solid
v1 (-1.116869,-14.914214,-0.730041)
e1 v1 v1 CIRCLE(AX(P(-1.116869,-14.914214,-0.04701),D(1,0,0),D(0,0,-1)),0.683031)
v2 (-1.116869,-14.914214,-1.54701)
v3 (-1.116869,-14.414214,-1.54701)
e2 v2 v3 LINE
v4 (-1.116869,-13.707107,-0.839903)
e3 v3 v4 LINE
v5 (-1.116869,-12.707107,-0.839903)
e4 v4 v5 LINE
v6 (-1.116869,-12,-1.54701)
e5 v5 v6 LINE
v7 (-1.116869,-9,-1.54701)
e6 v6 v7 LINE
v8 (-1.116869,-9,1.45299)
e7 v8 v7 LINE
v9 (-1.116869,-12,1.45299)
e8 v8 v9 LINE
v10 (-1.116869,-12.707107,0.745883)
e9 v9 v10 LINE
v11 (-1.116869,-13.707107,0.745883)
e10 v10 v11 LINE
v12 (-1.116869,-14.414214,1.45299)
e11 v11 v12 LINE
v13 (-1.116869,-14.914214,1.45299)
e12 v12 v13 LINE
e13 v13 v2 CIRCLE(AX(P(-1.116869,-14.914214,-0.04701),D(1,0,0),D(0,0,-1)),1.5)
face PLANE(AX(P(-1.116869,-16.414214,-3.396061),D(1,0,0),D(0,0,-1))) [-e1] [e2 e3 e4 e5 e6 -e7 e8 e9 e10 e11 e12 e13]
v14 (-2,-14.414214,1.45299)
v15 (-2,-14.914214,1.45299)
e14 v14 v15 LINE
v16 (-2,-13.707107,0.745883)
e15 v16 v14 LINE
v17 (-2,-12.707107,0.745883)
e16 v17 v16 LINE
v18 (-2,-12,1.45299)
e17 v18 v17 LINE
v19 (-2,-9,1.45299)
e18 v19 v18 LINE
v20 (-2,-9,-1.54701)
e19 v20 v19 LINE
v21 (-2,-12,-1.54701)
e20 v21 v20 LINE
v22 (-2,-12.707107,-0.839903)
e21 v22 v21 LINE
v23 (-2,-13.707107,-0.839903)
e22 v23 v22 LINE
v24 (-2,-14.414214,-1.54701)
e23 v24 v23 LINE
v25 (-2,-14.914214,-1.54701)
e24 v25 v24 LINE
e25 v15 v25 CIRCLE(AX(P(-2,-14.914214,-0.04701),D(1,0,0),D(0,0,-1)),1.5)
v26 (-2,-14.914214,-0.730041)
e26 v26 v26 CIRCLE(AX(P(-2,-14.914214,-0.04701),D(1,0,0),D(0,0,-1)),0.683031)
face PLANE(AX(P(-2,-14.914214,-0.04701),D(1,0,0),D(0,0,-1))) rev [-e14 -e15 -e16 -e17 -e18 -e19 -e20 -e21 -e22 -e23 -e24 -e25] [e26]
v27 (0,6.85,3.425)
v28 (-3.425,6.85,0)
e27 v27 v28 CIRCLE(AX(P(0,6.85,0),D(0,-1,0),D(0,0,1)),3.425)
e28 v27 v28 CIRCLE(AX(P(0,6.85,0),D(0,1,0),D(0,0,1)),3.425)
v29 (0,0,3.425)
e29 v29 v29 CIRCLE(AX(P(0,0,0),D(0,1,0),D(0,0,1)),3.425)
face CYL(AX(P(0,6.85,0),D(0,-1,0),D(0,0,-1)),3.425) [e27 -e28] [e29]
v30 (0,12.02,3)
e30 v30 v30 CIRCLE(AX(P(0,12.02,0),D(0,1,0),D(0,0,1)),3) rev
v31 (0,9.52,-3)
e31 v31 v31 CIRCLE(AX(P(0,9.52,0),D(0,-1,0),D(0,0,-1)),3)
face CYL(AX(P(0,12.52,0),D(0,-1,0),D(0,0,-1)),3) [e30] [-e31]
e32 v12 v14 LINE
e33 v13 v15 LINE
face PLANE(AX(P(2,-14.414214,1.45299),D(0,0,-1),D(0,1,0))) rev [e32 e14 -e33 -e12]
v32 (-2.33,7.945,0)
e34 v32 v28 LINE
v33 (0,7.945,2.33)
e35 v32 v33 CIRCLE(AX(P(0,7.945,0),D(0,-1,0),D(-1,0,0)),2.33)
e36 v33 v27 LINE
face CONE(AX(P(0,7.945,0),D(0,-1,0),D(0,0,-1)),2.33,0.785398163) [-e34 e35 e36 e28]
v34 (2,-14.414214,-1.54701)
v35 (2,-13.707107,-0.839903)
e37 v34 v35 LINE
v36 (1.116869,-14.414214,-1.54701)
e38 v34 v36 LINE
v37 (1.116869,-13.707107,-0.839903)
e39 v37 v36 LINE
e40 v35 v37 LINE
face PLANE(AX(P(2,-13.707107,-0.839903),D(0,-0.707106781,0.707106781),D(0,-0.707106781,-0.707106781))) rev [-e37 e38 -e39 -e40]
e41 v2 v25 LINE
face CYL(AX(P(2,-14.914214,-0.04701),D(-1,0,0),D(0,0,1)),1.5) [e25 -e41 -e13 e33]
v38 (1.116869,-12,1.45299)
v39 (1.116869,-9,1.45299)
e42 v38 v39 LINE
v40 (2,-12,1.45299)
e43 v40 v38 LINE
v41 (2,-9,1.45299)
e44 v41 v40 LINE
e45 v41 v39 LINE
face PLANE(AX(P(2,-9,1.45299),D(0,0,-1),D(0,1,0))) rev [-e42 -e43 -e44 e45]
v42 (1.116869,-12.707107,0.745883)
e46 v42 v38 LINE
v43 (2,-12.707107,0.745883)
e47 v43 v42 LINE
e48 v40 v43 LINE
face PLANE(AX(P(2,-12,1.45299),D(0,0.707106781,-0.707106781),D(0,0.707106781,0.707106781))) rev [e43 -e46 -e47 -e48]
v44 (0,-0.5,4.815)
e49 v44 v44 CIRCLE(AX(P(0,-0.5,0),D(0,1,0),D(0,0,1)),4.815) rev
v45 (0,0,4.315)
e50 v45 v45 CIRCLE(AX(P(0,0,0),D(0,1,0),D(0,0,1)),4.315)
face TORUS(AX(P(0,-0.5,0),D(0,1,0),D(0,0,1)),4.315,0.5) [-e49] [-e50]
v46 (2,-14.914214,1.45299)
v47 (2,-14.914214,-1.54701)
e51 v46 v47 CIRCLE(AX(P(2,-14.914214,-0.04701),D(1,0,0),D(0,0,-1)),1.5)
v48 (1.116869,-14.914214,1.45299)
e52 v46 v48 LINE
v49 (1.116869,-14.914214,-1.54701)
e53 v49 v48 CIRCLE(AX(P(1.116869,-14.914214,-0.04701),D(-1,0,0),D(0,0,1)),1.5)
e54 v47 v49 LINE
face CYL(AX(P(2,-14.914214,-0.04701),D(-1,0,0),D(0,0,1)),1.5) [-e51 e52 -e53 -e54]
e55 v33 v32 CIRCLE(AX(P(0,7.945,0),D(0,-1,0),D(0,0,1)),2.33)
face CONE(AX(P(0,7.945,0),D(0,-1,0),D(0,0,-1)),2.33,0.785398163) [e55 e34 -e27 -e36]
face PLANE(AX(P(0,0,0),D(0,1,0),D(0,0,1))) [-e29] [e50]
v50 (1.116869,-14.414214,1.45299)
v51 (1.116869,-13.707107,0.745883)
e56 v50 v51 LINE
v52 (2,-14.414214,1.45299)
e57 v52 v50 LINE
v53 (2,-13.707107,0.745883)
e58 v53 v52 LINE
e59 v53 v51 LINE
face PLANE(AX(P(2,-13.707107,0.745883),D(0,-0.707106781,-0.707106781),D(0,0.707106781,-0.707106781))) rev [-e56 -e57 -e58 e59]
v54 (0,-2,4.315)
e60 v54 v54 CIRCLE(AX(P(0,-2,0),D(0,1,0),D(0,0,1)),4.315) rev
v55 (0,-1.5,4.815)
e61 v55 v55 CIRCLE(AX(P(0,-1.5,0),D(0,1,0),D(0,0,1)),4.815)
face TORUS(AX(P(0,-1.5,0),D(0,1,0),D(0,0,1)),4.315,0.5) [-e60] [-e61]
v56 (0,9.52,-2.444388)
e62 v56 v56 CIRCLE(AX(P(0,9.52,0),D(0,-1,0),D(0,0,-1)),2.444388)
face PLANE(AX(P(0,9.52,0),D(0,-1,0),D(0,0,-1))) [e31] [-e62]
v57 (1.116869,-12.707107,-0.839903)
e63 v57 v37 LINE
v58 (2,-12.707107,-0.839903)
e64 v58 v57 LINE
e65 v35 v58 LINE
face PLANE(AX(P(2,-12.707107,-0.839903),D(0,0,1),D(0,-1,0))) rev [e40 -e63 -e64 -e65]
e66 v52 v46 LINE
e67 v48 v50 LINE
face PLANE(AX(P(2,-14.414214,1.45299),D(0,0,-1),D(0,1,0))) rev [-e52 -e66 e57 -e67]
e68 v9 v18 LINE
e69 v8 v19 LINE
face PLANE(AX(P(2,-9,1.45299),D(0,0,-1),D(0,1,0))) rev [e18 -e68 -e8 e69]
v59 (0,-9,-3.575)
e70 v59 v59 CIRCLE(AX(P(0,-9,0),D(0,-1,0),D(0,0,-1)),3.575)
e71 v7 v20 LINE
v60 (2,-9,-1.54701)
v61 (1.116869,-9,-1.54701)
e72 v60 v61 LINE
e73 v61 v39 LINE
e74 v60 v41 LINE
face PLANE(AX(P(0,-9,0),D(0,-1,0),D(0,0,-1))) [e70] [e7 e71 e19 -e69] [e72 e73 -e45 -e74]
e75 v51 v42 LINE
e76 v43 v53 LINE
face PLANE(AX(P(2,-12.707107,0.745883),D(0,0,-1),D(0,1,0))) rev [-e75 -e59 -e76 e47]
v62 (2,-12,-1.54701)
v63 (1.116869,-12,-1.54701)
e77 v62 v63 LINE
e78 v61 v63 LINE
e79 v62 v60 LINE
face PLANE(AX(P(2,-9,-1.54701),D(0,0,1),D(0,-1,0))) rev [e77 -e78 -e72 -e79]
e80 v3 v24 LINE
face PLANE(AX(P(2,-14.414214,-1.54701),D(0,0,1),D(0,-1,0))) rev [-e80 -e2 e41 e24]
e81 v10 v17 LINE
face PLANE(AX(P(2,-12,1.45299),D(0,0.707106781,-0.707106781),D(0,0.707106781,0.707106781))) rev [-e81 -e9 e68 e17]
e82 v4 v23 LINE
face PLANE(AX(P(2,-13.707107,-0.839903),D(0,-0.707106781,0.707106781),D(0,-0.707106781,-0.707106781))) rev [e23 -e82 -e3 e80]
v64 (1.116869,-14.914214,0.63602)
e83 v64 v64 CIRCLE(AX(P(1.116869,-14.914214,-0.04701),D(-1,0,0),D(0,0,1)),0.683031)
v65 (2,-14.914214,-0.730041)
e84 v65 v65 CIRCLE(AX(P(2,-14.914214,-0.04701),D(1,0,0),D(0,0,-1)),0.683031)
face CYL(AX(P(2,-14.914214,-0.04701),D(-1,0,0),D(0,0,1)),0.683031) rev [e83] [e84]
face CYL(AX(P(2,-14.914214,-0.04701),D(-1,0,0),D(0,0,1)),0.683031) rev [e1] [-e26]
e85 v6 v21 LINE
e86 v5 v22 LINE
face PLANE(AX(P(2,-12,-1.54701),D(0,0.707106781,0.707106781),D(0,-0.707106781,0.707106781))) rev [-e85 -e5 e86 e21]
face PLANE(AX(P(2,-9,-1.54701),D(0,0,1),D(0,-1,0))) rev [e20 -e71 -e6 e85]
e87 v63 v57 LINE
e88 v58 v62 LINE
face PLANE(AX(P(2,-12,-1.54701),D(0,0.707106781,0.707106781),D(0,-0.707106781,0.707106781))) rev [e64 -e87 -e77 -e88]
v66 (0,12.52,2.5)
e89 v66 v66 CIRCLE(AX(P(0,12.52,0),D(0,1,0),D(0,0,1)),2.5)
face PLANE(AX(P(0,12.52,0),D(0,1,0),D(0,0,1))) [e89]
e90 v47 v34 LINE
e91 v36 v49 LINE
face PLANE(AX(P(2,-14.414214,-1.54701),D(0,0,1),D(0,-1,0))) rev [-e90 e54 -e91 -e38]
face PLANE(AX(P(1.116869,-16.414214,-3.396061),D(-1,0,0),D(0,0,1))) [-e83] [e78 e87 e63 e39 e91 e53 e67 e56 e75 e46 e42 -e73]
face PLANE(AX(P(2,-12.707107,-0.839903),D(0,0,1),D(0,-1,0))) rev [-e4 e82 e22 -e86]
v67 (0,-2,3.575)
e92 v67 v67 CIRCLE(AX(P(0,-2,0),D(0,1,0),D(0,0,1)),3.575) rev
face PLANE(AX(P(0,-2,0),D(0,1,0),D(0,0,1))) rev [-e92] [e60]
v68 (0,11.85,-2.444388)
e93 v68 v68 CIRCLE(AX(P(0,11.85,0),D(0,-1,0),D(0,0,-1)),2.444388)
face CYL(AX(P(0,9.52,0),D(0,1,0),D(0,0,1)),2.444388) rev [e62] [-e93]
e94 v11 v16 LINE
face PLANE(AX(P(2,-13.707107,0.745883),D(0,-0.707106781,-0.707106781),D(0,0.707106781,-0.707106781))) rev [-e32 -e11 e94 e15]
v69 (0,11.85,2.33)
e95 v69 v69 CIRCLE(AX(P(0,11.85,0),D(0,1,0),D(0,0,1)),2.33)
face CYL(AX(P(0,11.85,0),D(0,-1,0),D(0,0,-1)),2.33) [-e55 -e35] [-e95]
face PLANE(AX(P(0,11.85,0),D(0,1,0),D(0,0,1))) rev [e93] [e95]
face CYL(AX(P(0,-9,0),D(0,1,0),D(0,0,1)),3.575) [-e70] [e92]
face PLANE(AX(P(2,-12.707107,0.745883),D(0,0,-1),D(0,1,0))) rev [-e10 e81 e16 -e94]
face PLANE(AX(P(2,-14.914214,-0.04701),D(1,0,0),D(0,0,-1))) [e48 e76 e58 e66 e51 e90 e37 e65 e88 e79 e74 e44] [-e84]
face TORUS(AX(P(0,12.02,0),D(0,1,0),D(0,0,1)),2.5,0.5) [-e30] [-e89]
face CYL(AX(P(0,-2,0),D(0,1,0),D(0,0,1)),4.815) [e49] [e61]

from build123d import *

# Parameters (mm, degrees)
SKETCH1_R           = 4.815
BOSS_EXTRUDE1_DEPTH = 2
SKETCH2_R           = 3.575
BOSS_EXTRUDE2_DEPTH = 7
SKETCH3_R           = 3.425
BOSS_EXTRUDE3_DEPTH = 6.85
SKETCH4_R           = 2.33
BOSS_EXTRUDE4_DEPTH = 5
SKETCH6_R           = 3
BOSS_EXTRUDE5_DEPTH = 0.67
BOSS_EXTRUDE6_START = 2.33
SKETCH7_R           = 3
SKETCH7_R_2         = 2.444387837
BOSS_EXTRUDE6_DEPTH = 2.33
SKETCH8_R           = 0.683030706
BOSS_EXTRUDE7_DEPTH = 2
SKETCH9_W           = 2.23373787
SKETCH9_H           = 6.792121548
CUT_EXTRUDE1_DEPTH  = 23.571638177
FILLET2_R           = 0.5
FILLET3_R           = 0.5


with BuildPart() as part:
    # Sketch1 → Boss-Extrude1 (new body)
    with BuildSketch(Plane(origin=(0, 0, 0), x_dir=(1, 0, 0), z_dir=(0, 1, 0))):
        with Locations(Location((0, 0, 0), (0, 0, 270))):
            Circle(SKETCH1_R)
    extrude(amount=-BOSS_EXTRUDE1_DEPTH)

    # Sketch2 → Boss-Extrude2 (add)
    with BuildSketch(Plane.XZ.offset(2)):
        with Locations(Location((0, 0, 0), (0, 0, 90))):
            Circle(SKETCH2_R)
    extrude(amount=BOSS_EXTRUDE2_DEPTH)

    # Sketch3 → Boss-Extrude3 (add)
    with BuildSketch(Plane(origin=(0, 0, 0), x_dir=(1, 0, 0), z_dir=(0, 1, 0))):
        with Locations(Location((0, 0, 0), (0, 0, 90))):
            Circle(SKETCH3_R)
    extrude(amount=BOSS_EXTRUDE3_DEPTH)

    # Sketch4 → Boss-Extrude4 (add)
    with BuildSketch(Plane(origin=(0, 6.85, 0), x_dir=(1, 0, 0), z_dir=(0, 1, 0))):
        with Locations(Location((0, 0, 0), (0, 0, 270))):
            Circle(SKETCH4_R)
    extrude(amount=BOSS_EXTRUDE4_DEPTH)

    # Sweep1: sweep along a curve in space
    with BuildLine() as sweep1_path:
        ThreePointArc((0, 6.85, 2.33), (1.6475588, 6.85, 1.6475588), (2.33, 6.85, 0))
        ThreePointArc((2.33, 6.85, 0), (1.6475588, 6.85, -1.6475588), (0, 6.85, -2.33))
        ThreePointArc((0, 6.85, -2.33), (-1.6475588, 6.85, -1.6475588), (-2.33, 6.85, 0))
        ThreePointArc((-2.33, 6.85, 0), (-1.6475588, 6.85, 1.6475588), (0, 6.85, 2.33))
    # Sketch5 → Sweep1 (sweep)
    with BuildSketch(Plane.XY):
        Polygon((-3.425, 6.85), (-2.33, 7.945), (-2.33, 6.85), align=None)
    sweep(path=sweep1_path.line)

    # Sketch6 → Boss-Extrude5 (add)
    with BuildSketch(Plane(origin=(0, 11.85, 0), x_dir=(1, 0, 0), z_dir=(0, 1, 0))):
        with Locations(Location((0, 0, 0), (0, 0, 270))):
            Circle(SKETCH6_R)
    extrude(amount=BOSS_EXTRUDE5_DEPTH)

    # Sketch7 → Boss-Extrude6 (add)
    with BuildSketch(Plane.XZ.offset(-11.85).offset(BOSS_EXTRUDE6_START)):
        with Locations(Location((0, 0, 0), (0, 0, 270))):
            Circle(SKETCH7_R)
        with Locations(Location((0, 0, 0), (0, 0, 270))):
            Circle(SKETCH7_R_2, mode=Mode.SUBTRACT)
    extrude(amount=-BOSS_EXTRUDE6_DEPTH)

    # Sketch8 → Boss-Extrude7 (add, symmetric)
    with BuildSketch(Plane(origin=(0, 0, 0), x_dir=(0, 0, -1), z_dir=(1, 0, 0))):
        with BuildLine():
            Line((-1.452989765, -9), (1.547010235, -9))
            Line((1.547010235, -9), (1.547010235, -12))
            Line((1.547010235, -12), (0.839903454, -12.707106781))
            Line((0.839903454, -12.707106781), (0.839903454, -13.707106781))
            Line((0.839903454, -13.707106781), (1.547010235, -14.414213562))
            Line((1.547010235, -14.414213562), (1.547010235, -14.914213562))
            ThreePointArc((1.547010235, -14.914213562), (0.047010235, -16.414213562), (-1.452989765, -14.914213562))
            Line((-1.452989765, -14.914213562), (-1.452989765, -14.414213562))
            Line((-1.452989765, -14.414213562), (-0.745882984, -13.707106781))
            Line((-0.745882984, -13.707106781), (-0.745882984, -12.707106781))
            Line((-0.745882984, -12.707106781), (-1.452989765, -12))
            Line((-1.452989765, -12), (-1.452989765, -9))
        make_face()
        with Locations((0.047010235, -14.914213562)):
            Circle(SKETCH8_R, mode=Mode.SUBTRACT)
    extrude(amount=BOSS_EXTRUDE7_DEPTH, both=True)

    # Sketch9 → Cut-Extrude1 (cut, through all)
    with BuildSketch(Plane.XZ.offset(9)):
        Rectangle(SKETCH9_W, SKETCH9_H)
    extrude(amount=CUT_EXTRUDE1_DEPTH, mode=Mode.SUBTRACT)

    # Fillet2
    fillet2_edges = [part.edges().sort_by_distance(p)[0] for p in [
        (0, 0, -4.815),
        (0, -2, -4.815),
    ]]
    fillet(fillet2_edges, radius=FILLET2_R)

    # Fillet3
    fillet3_edges = [part.edges().sort_by_distance(p)[0] for p in [
        (0, 12.52, -3),
    ]]
    fillet(fillet3_edges, radius=FILLET3_R)


solid = part.part
